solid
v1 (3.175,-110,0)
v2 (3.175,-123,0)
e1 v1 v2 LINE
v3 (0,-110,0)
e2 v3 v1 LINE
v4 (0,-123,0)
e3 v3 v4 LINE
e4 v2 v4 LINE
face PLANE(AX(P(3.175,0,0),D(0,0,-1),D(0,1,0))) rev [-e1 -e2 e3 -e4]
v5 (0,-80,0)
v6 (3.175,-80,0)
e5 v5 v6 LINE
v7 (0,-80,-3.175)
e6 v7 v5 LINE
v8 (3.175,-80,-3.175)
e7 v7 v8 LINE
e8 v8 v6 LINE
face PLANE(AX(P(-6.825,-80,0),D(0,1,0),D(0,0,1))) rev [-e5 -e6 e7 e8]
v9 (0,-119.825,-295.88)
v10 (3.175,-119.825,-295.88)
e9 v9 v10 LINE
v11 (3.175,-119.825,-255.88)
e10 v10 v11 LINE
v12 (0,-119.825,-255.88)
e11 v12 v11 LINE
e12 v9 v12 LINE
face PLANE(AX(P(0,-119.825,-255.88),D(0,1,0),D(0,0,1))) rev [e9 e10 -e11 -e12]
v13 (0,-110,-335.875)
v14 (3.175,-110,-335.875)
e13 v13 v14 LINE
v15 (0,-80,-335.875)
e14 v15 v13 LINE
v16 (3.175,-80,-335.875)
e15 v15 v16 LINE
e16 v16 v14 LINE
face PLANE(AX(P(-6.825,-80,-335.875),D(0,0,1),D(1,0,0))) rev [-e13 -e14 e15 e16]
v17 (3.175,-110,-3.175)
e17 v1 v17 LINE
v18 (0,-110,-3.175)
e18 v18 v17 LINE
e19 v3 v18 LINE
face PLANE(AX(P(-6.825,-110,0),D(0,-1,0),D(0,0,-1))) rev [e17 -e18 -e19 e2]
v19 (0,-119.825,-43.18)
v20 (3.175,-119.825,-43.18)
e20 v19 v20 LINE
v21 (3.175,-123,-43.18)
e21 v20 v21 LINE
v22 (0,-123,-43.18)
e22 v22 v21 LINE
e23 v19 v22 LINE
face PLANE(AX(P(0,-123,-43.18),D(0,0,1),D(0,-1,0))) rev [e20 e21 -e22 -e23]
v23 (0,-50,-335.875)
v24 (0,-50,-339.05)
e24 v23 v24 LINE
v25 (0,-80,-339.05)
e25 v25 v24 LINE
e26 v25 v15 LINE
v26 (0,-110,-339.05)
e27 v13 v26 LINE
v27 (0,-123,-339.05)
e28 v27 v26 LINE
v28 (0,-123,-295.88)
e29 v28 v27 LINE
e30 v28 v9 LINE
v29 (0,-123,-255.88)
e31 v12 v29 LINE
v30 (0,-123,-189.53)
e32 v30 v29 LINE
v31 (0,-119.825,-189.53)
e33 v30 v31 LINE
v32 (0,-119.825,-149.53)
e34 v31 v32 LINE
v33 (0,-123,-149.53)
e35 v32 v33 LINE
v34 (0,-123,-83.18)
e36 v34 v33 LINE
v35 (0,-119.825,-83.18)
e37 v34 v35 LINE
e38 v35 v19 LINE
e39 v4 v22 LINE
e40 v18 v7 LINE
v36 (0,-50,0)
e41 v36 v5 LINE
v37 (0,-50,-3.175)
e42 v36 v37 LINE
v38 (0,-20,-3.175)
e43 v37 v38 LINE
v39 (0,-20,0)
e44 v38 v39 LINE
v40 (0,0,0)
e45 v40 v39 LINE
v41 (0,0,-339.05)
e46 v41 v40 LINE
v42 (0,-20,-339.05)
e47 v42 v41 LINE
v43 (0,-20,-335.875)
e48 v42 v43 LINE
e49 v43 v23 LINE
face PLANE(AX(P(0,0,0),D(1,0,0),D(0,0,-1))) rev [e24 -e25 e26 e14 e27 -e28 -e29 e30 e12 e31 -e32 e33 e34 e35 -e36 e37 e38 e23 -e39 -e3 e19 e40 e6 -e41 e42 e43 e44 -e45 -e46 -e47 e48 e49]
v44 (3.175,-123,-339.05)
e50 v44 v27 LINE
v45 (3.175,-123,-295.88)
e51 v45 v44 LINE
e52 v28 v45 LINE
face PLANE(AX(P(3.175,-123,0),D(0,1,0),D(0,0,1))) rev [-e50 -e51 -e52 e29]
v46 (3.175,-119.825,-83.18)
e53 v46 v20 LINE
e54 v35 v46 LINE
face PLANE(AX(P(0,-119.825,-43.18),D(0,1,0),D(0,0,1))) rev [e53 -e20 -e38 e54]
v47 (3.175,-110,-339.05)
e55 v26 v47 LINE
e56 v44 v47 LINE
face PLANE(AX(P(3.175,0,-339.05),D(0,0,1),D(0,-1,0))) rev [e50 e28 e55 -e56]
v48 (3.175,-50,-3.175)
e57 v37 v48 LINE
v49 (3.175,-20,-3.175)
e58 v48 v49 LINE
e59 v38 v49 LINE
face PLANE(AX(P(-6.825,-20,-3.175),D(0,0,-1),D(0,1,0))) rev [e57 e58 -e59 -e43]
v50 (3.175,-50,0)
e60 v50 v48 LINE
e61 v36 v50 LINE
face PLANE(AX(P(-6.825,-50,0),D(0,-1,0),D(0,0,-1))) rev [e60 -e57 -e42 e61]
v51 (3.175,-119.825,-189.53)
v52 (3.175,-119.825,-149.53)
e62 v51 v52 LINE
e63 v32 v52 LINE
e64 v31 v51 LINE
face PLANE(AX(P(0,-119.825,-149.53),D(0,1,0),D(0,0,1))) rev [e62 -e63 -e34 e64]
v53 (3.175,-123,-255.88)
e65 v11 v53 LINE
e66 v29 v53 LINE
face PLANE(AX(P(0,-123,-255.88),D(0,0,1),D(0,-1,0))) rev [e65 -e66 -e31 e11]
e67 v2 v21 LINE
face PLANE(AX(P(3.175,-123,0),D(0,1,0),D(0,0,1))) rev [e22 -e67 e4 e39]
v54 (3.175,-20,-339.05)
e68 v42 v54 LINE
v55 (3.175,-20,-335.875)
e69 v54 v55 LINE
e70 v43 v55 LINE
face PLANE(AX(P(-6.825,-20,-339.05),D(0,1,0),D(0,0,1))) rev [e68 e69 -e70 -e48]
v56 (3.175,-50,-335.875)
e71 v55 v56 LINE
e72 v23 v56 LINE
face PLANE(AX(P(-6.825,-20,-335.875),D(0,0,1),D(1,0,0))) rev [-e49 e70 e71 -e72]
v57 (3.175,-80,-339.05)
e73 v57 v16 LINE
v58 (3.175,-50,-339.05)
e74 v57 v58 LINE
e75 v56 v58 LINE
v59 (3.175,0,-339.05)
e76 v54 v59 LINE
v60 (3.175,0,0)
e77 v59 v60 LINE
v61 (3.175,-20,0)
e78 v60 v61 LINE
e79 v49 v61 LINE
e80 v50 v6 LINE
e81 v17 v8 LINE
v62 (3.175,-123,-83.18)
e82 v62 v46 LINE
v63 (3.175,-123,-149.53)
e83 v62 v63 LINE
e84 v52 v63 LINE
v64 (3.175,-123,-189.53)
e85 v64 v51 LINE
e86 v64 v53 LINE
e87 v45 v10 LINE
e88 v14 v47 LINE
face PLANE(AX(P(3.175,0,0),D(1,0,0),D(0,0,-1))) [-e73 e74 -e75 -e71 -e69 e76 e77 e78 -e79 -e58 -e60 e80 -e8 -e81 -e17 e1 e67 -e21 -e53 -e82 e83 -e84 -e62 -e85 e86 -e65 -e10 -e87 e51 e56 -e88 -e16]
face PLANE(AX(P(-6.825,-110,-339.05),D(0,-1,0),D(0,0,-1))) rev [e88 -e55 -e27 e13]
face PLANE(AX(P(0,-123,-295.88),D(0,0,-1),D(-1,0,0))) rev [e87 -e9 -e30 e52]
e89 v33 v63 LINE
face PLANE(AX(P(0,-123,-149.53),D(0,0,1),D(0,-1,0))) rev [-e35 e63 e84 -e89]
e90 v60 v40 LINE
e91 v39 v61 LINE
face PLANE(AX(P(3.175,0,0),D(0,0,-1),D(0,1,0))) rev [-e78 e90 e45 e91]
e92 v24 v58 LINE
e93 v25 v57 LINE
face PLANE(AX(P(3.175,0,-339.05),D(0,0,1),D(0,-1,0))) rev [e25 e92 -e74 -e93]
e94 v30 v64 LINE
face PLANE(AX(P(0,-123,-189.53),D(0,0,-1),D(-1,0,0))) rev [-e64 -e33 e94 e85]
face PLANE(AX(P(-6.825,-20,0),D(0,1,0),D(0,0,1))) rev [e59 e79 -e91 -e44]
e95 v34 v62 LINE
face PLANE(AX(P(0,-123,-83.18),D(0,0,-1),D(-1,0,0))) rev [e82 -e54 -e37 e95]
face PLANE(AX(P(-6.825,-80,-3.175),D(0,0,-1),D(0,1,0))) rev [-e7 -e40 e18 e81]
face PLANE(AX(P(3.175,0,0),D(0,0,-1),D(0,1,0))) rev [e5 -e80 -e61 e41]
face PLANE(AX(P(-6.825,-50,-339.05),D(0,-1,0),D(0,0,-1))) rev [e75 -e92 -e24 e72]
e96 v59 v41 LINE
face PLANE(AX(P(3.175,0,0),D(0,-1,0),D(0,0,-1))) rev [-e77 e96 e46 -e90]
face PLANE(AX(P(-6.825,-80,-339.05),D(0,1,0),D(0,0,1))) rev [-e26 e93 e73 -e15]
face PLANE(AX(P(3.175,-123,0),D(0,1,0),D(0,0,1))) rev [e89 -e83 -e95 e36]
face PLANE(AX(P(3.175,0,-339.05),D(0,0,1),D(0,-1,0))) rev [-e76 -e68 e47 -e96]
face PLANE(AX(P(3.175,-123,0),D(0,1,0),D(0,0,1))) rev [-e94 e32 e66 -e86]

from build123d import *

# Parameters (mm, degrees)
SKETCH1_W           = 339.05
SKETCH1_H           = 123
BOSS_EXTRUDE1_DEPTH = 3.175
SKETCH2_W           = 3.175
SKETCH2_H           = 30
CUT_EXTRUDE1_DEPTH  = 10
SKETCH3_W           = 40
SKETCH3_H           = 3.175
CUT_EXTRUDE2_DEPTH  = 361.685435144
LPATTERN1_COUNT     = 3
LPATTERN1_PITCH     = 106.35


with BuildPart() as part:
    # Sketch1 → Boss-Extrude1 (new body)
    with BuildSketch(Plane(origin=(0, 0, 0), x_dir=(0, 0, -1), z_dir=(1, 0, 0))):
        with Locations((169.525, -61.5)):
            Rectangle(SKETCH1_W, SKETCH1_H)
    extrude(amount=BOSS_EXTRUDE1_DEPTH)

    # Sketch2 → Cut-Extrude1 (cut)
    with BuildSketch(Plane(origin=(3.175, 0, 0), x_dir=(0, 0, -1), z_dir=(1, 0, 0))):
        with Locations((337.4625, -35)):
            Rectangle(SKETCH2_W, SKETCH2_H)
        with Locations((337.4625, -95)):
            Rectangle(SKETCH2_W, SKETCH2_H)
        with Locations((1.5875, -35)):
            Rectangle(SKETCH2_W, SKETCH2_H)
        with Locations((1.5875, -95)):
            Rectangle(SKETCH2_W, SKETCH2_H)
    extrude(amount=-CUT_EXTRUDE1_DEPTH, mode=Mode.SUBTRACT)

    # Sketch3 → Cut-Extrude2 (cut, through all)
    with BuildSketch(Plane(origin=(3.175, 0, 0), x_dir=(0, 0, -1), z_dir=(1, 0, 0))):
        with Locations((63.18, -121.4125)):
            Rectangle(SKETCH3_W, SKETCH3_H)
    cut_extrude2 = extrude(amount=-CUT_EXTRUDE2_DEPTH, mode=Mode.SUBTRACT)

    # LPattern1: Cut-Extrude2 ×3
    with Locations(*[(0, 0, -i * LPATTERN1_PITCH) for i in range(1, LPATTERN1_COUNT)]):
        add(cut_extrude2, mode=Mode.SUBTRACT)


solid = part.part
